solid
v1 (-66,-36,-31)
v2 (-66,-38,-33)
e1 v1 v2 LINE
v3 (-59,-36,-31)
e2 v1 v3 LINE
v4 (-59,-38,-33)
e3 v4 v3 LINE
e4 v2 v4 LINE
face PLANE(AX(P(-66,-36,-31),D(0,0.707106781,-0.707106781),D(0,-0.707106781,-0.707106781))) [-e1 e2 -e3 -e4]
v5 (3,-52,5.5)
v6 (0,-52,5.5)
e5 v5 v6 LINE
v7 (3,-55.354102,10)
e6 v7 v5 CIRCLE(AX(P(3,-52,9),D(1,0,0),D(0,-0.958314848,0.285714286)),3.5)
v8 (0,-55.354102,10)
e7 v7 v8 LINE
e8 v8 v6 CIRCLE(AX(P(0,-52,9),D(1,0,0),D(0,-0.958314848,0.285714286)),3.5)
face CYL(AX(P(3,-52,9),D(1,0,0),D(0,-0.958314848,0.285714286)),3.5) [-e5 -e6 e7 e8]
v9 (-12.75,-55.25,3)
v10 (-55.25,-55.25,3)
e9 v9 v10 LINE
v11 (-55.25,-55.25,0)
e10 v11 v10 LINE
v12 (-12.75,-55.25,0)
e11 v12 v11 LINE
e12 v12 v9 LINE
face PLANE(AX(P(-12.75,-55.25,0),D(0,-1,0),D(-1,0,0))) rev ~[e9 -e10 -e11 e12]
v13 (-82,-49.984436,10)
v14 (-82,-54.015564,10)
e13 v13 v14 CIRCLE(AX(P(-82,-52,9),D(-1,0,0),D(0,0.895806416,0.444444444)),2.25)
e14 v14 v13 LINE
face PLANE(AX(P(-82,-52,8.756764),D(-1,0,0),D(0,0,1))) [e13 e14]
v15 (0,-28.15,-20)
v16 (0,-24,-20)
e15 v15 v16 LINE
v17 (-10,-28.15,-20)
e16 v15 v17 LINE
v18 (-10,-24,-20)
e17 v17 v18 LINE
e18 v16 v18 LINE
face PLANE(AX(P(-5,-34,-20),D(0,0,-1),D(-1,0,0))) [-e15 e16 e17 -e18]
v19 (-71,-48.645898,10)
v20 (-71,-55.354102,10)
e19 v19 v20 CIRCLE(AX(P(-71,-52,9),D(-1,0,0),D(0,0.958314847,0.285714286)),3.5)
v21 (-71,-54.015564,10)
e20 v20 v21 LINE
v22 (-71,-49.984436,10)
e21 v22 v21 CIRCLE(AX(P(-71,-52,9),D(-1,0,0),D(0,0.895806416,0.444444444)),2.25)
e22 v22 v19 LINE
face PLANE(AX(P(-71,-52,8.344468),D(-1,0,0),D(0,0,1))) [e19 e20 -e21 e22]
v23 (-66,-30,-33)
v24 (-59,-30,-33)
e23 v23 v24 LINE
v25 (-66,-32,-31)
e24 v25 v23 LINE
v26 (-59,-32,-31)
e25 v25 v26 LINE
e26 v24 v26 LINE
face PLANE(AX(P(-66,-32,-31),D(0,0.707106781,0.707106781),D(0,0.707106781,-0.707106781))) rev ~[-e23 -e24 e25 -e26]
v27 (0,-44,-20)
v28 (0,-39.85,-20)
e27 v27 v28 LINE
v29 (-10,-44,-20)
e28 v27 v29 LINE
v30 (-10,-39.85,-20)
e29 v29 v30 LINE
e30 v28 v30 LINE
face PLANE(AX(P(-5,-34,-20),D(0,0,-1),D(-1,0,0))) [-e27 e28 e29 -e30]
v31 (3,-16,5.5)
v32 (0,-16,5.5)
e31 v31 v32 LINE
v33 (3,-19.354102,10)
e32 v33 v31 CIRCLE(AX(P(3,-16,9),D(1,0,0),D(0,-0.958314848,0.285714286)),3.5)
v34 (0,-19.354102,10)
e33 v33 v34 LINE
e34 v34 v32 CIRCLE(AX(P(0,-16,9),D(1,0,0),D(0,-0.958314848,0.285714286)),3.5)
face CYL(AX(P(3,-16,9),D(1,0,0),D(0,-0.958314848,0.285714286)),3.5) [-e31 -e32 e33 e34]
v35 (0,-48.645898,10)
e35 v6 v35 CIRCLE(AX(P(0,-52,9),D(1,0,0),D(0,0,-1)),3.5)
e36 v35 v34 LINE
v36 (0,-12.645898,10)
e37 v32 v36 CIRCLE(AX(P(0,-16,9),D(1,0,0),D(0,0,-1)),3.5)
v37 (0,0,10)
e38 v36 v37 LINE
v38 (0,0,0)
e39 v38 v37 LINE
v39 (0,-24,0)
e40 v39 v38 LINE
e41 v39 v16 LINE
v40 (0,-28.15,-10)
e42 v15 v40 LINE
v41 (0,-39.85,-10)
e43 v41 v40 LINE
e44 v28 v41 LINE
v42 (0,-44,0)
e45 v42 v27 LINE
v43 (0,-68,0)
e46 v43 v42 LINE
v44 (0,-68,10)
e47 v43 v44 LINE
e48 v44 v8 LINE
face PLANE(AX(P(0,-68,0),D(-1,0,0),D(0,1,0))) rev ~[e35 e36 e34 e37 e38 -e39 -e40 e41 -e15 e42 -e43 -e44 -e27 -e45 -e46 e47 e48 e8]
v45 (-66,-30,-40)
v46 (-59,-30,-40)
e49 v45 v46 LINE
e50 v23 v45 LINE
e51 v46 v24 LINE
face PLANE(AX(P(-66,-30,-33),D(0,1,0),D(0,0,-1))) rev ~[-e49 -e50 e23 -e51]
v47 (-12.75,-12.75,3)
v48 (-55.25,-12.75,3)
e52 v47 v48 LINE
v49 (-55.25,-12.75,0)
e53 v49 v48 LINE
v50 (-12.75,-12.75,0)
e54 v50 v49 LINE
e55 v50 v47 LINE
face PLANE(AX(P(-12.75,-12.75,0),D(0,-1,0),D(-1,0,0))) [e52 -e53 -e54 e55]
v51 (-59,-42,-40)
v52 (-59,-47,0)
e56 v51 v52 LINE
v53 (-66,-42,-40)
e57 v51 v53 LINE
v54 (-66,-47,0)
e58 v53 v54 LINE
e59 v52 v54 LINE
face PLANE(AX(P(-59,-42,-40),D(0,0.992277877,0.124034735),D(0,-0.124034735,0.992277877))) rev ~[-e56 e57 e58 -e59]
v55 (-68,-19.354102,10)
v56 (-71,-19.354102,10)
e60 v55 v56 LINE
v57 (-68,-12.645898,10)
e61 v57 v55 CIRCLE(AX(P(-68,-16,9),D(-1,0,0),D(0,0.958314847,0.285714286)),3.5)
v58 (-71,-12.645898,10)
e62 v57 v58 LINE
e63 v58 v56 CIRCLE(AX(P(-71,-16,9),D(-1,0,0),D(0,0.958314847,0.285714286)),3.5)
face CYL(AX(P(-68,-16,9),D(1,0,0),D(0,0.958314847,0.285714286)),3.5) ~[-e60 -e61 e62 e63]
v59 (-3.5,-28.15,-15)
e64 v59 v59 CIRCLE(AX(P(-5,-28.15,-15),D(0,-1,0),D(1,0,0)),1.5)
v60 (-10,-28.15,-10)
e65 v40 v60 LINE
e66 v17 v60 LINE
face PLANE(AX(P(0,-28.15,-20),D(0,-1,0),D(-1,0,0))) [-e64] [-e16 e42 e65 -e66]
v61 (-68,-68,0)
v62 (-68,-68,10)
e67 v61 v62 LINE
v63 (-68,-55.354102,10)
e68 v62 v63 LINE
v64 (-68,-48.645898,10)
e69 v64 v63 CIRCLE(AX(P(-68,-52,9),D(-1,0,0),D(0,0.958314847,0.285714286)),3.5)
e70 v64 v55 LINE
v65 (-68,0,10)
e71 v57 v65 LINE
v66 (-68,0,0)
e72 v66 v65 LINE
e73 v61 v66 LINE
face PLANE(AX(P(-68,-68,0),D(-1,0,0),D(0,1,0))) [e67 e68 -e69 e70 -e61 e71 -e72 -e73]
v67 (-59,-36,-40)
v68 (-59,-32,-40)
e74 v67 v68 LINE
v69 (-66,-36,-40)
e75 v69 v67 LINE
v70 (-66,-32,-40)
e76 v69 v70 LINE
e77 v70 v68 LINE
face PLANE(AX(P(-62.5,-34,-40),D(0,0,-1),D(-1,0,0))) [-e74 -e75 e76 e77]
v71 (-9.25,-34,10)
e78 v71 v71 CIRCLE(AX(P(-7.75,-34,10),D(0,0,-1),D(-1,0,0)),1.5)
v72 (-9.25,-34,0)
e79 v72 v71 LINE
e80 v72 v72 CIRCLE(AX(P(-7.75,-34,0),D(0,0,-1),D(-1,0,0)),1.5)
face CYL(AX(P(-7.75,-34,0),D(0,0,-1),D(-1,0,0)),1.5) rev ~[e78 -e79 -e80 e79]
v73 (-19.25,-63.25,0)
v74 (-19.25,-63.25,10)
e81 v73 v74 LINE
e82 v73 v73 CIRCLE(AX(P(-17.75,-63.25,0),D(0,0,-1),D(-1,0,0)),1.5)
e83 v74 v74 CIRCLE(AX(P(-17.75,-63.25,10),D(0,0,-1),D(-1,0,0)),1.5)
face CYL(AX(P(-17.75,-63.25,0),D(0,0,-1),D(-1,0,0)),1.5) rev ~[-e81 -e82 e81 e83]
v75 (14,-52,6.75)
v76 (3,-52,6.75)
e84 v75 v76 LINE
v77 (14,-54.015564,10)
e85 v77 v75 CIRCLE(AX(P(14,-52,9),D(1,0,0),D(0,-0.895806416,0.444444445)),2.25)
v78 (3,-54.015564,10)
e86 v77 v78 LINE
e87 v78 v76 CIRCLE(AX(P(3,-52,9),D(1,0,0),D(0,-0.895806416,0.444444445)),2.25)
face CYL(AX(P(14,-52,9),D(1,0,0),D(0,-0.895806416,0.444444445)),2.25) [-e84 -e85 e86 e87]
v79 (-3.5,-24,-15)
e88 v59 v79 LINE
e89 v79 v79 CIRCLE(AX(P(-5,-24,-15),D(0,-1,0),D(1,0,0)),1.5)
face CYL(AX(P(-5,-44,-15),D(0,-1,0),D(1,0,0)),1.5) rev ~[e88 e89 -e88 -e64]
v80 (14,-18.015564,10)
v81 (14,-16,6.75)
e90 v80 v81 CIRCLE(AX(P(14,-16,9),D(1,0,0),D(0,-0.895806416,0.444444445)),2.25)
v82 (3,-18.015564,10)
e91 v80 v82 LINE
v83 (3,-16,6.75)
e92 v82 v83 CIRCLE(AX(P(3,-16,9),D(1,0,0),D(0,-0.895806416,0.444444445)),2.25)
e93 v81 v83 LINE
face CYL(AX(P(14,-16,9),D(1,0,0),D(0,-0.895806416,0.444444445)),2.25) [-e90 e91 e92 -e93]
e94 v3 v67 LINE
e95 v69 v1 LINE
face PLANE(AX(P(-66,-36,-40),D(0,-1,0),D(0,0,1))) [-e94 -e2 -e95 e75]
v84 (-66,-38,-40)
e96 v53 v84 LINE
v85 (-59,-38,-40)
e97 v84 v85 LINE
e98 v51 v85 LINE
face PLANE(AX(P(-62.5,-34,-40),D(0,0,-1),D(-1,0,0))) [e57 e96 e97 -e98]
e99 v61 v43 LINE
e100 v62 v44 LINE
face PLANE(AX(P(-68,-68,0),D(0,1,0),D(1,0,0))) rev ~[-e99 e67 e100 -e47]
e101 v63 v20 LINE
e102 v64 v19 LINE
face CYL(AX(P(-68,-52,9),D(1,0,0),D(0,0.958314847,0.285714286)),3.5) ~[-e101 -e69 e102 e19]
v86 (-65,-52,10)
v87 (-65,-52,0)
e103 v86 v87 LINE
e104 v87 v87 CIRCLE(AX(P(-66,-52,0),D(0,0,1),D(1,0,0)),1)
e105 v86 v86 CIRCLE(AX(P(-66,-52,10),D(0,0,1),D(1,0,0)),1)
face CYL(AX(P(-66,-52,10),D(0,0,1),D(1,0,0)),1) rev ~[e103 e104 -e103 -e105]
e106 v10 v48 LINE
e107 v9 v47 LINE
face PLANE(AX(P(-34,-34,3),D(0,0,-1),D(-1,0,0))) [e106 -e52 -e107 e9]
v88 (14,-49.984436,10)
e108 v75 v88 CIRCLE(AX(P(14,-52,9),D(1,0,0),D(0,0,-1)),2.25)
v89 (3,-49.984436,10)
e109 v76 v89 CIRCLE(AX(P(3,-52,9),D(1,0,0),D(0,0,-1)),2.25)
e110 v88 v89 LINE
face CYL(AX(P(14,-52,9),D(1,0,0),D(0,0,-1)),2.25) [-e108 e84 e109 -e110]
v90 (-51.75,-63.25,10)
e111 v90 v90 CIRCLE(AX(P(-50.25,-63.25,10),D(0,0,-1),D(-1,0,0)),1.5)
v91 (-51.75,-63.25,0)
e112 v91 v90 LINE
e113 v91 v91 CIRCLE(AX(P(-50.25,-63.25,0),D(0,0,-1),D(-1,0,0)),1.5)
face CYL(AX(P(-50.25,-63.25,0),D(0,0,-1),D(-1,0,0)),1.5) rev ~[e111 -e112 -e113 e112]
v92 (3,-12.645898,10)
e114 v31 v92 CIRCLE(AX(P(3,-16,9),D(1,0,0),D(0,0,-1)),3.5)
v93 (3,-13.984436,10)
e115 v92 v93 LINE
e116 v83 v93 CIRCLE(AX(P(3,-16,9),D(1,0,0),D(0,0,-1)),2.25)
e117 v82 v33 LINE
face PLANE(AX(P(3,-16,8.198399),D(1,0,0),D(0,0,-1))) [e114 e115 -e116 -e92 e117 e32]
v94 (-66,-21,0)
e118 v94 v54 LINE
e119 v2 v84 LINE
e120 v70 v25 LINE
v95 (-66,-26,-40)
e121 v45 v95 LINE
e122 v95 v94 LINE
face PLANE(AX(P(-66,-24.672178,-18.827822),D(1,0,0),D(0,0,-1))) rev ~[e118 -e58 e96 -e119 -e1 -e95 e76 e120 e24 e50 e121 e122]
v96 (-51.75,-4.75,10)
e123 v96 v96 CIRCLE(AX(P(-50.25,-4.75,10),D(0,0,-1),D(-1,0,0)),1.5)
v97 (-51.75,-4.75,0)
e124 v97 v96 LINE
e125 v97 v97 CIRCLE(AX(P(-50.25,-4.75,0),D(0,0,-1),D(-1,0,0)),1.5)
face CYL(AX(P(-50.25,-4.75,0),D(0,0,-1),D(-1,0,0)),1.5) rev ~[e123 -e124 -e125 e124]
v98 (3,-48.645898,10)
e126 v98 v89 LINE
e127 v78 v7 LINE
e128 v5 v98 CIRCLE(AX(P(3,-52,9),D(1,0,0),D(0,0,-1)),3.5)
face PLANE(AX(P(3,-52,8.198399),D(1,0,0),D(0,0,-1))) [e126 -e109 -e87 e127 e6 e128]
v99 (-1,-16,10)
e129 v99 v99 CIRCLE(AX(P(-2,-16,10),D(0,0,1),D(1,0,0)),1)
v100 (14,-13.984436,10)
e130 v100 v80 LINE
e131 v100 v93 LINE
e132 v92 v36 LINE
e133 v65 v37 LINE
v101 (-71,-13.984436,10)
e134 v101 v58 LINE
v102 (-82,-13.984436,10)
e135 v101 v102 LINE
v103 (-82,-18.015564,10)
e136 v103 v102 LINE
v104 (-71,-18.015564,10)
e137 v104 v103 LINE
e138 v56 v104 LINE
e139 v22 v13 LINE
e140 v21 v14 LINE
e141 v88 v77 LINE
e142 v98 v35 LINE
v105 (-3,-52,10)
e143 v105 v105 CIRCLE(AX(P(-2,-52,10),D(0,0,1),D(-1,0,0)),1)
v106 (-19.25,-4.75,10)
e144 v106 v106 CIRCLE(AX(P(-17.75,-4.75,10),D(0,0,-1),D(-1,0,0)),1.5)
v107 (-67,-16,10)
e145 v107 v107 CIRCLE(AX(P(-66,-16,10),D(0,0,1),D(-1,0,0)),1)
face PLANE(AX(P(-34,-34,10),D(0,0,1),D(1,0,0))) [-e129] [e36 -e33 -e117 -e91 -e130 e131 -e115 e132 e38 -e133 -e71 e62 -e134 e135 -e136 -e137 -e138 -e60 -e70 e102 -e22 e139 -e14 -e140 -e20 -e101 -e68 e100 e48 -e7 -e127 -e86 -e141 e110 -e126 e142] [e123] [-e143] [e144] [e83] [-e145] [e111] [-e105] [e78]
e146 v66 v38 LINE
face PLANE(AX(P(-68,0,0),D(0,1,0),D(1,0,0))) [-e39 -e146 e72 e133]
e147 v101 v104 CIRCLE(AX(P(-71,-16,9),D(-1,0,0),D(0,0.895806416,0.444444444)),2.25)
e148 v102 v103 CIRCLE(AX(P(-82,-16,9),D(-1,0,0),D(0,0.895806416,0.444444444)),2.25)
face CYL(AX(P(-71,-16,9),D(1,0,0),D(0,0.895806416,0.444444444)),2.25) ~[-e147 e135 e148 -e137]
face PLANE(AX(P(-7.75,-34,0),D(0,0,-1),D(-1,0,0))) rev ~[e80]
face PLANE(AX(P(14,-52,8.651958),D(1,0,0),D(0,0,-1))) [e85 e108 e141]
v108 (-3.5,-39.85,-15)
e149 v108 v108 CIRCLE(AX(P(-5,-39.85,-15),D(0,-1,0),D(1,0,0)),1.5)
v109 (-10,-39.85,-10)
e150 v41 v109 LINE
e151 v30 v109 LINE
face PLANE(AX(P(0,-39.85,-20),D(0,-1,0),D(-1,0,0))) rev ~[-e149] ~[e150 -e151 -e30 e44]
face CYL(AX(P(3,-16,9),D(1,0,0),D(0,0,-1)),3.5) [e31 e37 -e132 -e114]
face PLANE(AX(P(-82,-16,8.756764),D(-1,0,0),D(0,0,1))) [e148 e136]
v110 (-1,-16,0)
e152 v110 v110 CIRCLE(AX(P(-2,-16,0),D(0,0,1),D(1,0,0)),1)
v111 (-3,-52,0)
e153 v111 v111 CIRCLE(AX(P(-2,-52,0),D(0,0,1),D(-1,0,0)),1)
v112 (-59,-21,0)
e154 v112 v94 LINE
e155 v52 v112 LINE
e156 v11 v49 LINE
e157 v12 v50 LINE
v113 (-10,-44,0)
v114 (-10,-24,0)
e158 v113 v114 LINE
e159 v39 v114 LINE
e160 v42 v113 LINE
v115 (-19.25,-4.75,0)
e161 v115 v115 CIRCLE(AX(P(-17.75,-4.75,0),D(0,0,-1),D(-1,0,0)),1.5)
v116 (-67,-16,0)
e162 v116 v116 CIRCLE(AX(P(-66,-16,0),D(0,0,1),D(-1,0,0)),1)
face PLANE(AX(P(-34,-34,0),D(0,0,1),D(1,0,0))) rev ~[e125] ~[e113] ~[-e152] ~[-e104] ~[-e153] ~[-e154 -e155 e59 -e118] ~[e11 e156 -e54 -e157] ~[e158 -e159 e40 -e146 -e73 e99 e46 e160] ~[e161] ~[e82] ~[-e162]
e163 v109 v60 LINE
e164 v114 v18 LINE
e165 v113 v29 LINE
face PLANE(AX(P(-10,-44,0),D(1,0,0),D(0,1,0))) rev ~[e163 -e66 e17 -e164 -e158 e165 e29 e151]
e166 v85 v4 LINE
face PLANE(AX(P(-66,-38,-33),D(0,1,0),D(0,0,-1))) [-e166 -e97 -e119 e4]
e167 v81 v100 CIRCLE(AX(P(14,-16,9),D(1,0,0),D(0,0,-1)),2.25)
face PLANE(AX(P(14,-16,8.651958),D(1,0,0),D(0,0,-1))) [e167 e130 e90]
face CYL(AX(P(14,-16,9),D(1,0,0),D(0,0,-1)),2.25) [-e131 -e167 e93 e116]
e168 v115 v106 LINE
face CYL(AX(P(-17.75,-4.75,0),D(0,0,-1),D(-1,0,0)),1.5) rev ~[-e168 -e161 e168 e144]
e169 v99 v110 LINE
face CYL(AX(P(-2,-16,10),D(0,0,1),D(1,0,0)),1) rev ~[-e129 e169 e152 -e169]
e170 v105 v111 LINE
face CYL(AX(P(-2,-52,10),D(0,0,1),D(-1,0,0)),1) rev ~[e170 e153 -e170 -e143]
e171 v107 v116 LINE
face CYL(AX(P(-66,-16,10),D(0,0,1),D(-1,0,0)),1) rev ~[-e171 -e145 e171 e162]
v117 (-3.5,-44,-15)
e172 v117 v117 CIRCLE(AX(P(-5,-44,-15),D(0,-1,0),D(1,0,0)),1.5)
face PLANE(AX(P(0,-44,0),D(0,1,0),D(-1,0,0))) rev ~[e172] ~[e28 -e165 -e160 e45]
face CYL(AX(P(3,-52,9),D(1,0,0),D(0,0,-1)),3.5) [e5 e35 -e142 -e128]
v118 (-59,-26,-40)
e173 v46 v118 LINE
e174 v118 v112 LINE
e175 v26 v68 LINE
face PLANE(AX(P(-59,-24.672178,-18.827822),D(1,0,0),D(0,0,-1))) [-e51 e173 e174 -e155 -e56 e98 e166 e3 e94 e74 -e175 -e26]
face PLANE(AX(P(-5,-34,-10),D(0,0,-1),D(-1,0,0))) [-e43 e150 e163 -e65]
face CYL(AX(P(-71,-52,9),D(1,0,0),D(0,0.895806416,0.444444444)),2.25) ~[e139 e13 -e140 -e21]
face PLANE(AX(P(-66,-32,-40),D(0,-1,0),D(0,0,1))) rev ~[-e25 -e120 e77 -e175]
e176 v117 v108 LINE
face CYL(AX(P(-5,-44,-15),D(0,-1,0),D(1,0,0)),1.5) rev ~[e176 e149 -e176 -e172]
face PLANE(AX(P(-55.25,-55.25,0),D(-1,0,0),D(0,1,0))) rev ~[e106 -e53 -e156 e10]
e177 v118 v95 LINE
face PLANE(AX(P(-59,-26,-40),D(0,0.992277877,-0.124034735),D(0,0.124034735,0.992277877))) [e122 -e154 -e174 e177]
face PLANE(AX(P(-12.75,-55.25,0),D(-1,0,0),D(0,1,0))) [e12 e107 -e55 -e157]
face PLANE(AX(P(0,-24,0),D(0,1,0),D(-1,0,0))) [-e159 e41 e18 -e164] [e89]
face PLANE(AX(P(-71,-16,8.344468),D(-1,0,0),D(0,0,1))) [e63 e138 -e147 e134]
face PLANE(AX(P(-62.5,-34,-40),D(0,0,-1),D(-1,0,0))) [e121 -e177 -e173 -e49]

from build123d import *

# Parameters (mm, degrees)
SKETCH1_W           = 68
SKETCH1_H           = 68
BOSS_EXTRUDE1_DEPTH = 10
BOSS_EXTRUDE2_DEPTH = 3
BOSS_EXTRUDE3_DEPTH = 11
BOSS_EXTRUDE4_START = 3
BOSS_EXTRUDE4_DEPTH = 3
BOSS_EXTRUDE5_START = 11
BOSS_EXTRUDE5_DEPTH = 11
SKETCH6_W           = 42.5
SKETCH6_H           = 42.5
CUT_EXTRUDE1_DEPTH  = 3
SKETCH8_R           = 1.5
CUT_EXTRUDE2_DEPTH  = 15
SKETCH9_W           = 10
SKETCH9_H           = 20
BOSS_EXTRUDE6_DEPTH = 20
SKETCH10_R          = 1.5
CUT_EXTRUDE3_DEPTH  = 10
SKETCH11_R          = 1
CUT_EXTRUDE4_DEPTH  = 20
SKETCH13_W          = 7
SKETCH13_H          = 16
BOSS_EXTRUDE7_DEPTH = 40
CUT_EXTRUDE5_DEPTH  = 10
BOSS_EXTRUDE8_START = -7
BOSS_EXTRUDE8_DEPTH = 7
SKETCH17_W          = 10
SKETCH17_H          = 11.7
CUT_EXTRUDE6_DEPTH  = 10
SKETCH18_R          = 1.5
CUT_EXTRUDE7_DEPTH  = 30


with BuildPart() as part:
    # Sketch1 → Boss-Extrude1 (new body)
    with BuildSketch(Plane.XY):
        with Locations((-34, -34)):
            Rectangle(SKETCH1_W, SKETCH1_H)
    extrude(amount=BOSS_EXTRUDE1_DEPTH)

    # Sketch2 → Boss-Extrude2 (add)
    with BuildSketch(Plane.ZY.offset(68)):
        with BuildLine():
            Line((10, -19.354101966), (10, -12.645898034))
            ThreePointArc((10, -12.645898034), (5.5, -16), (10, -19.354101966))
        make_face()
        with BuildLine():
            Line((10, -55.354101966), (10, -48.645898034))
            ThreePointArc((10, -48.645898034), (5.5, -52), (10, -55.354101966))
        make_face()
    extrude(amount=BOSS_EXTRUDE2_DEPTH)

    # Sketch3 → Boss-Extrude3 (add)
    with BuildSketch(Plane.ZY.offset(71)):
        with BuildLine():
            ThreePointArc((10, -49.984435563), (6.75, -52), (10, -54.015564437))
            Line((10, -54.015564437), (10, -49.984435563))
        make_face()
        with BuildLine():
            ThreePointArc((10, -13.984435563), (6.75, -16), (10, -18.015564437))
            Line((10, -18.015564437), (10, -13.984435563))
        make_face()
    extrude(amount=BOSS_EXTRUDE3_DEPTH)

    # Sketch4 → Boss-Extrude4 (add)
    with BuildSketch(Plane(origin=(0, 0, 0), x_dir=(0, 0, -1), z_dir=(1, 0, 0)).offset(BOSS_EXTRUDE4_START)):
        with BuildLine():
            ThreePointArc((-5.5, -16), (-6.908349934, -13.19375696), (-10, -12.645898034))
            Line((-10, -12.645898034), (-10, -19.354101966))
            ThreePointArc((-10, -19.354101966), (-6.908349934, -18.80624304), (-5.5, -16))
        make_face()
        with BuildLine():
            ThreePointArc((-5.5, -52), (-6.908349934, -49.19375696), (-10, -48.645898034))
            Line((-10, -48.645898034), (-10, -55.354101966))
            ThreePointArc((-10, -55.354101966), (-6.908349934, -54.80624304), (-5.5, -52))
        make_face()
    extrude(amount=-BOSS_EXTRUDE4_DEPTH)

    # Sketch5 → Boss-Extrude5 (add)
    with BuildSketch(Plane(origin=(3, 0, 0), x_dir=(0, 0, -1), z_dir=(1, 0, 0)).offset(BOSS_EXTRUDE5_START)):
        with BuildLine():
            ThreePointArc((-6.75, -16), (-7.814145877, -14.087867682), (-10, -13.984435563))
            Line((-10, -13.984435563), (-10, -18.015564437))
            ThreePointArc((-10, -18.015564437), (-7.814145877, -17.912132318), (-6.75, -16))
        make_face()
        with BuildLine():
            ThreePointArc((-6.75, -52), (-7.814145877, -50.087867682), (-10, -49.984435563))
            Line((-10, -49.984435563), (-10, -54.015564437))
            ThreePointArc((-10, -54.015564437), (-7.814145877, -53.912132318), (-6.75, -52))
        make_face()
    extrude(amount=-BOSS_EXTRUDE5_DEPTH)

    # Sketch6 → Cut-Extrude1 (cut)
    with BuildSketch(Plane(origin=(0, 0, 0), x_dir=(-1, 0, 0), z_dir=(0, 0, -1))):
        with Locations((34, -34)):
            Rectangle(SKETCH6_W, SKETCH6_H)
    extrude(amount=-CUT_EXTRUDE1_DEPTH, mode=Mode.SUBTRACT)

    # Sketch8 → Cut-Extrude2 (cut)
    with BuildSketch(Plane(origin=(0, 0, 0), x_dir=(-1, 0, 0), z_dir=(0, 0, -1))):
        with Locations((17.75, -4.75)):
            Circle(SKETCH8_R)
        with Locations((50.25, -4.75)):
            Circle(SKETCH8_R)
        with Locations((50.25, -63.25)):
            Circle(SKETCH8_R)
        with Locations((17.75, -63.25)):
            Circle(SKETCH8_R)
    extrude(amount=-CUT_EXTRUDE2_DEPTH, mode=Mode.SUBTRACT)

    # Sketch9 → Boss-Extrude6 (add)
    with BuildSketch(Plane(origin=(0, 0, 0), x_dir=(-1, 0, 0), z_dir=(0, 0, -1))):
        with Locations((5, -34)):
            Rectangle(SKETCH9_W, SKETCH9_H)
    extrude(amount=BOSS_EXTRUDE6_DEPTH)

    # Sketch10 → Cut-Extrude3 (cut)
    with BuildSketch(Plane(origin=(0, 0, 0), x_dir=(-1, 0, 0), z_dir=(0, 0, -1))):
        with Locations((7.75, -34)):
            Circle(SKETCH10_R)
        with Locations((7.75, -78)):
            Circle(SKETCH10_R)
    extrude(amount=-CUT_EXTRUDE3_DEPTH, mode=Mode.SUBTRACT)

    # Sketch11 → Cut-Extrude4 (cut)
    with BuildSketch(Plane.XY.offset(10)):
        with Locations((-66, -52)):
            Circle(SKETCH11_R)
        with Locations(Location((-66, -16, 0), (0, 0, 180))):
            Circle(SKETCH11_R)
        with Locations(Location((-2, -52, 0), (0, 0, 180))):
            Circle(SKETCH11_R)
        with Locations((-2, -16)):
            Circle(SKETCH11_R)
    extrude(amount=-CUT_EXTRUDE4_DEPTH, mode=Mode.SUBTRACT)

    # Sketch13 → Boss-Extrude7 (add)
    with BuildSketch(Plane(origin=(0, 0, 0), x_dir=(-1, 0, 0), z_dir=(0, 0, -1))):
        with Locations((62.5, -34)):
            Rectangle(SKETCH13_W, SKETCH13_H)
    extrude(amount=BOSS_EXTRUDE7_DEPTH)

    # Sketch15 → Cut-Extrude5 (cut)
    with BuildSketch(Plane.ZY.offset(66)):
        Polygon((-40, -32), (-31, -32), (-33, -30), (-40, -30), align=None)
        Polygon((-40, -38), (-40, -36), (-31, -36), (-33, -38), align=None)
    extrude(amount=-CUT_EXTRUDE5_DEPTH, mode=Mode.SUBTRACT)

    # Sketch16 → Boss-Extrude8 (add)
    with BuildSketch(Plane.ZY.offset(66).offset(BOSS_EXTRUDE8_START)):
        Polygon((0, -26), (-40, -26), (0, -21), align=None)
        Polygon((-40, -42), (0, -47), (0, -42), align=None)
    extrude(amount=BOSS_EXTRUDE8_DEPTH)

    # Sketch17 → Cut-Extrude6 (cut)
    with BuildSketch(Plane(origin=(0, 0, -20), x_dir=(-1, 0, 0), z_dir=(0, 0, -1))):
        with Locations((5, -34)):
            Rectangle(SKETCH17_W, SKETCH17_H)
    extrude(amount=-CUT_EXTRUDE6_DEPTH, mode=Mode.SUBTRACT)

    # Sketch18 → Cut-Extrude7 (cut)
    with BuildSketch(Plane(origin=(0, -44, 0), x_dir=(-1, 0, 0), z_dir=(0, -1, 0))):
        with Locations(Location((5, 15, 0), (0, 0, 180))):
            Circle(SKETCH18_R)
    extrude(amount=-CUT_EXTRUDE7_DEPTH, mode=Mode.SUBTRACT)


solid = part.part
